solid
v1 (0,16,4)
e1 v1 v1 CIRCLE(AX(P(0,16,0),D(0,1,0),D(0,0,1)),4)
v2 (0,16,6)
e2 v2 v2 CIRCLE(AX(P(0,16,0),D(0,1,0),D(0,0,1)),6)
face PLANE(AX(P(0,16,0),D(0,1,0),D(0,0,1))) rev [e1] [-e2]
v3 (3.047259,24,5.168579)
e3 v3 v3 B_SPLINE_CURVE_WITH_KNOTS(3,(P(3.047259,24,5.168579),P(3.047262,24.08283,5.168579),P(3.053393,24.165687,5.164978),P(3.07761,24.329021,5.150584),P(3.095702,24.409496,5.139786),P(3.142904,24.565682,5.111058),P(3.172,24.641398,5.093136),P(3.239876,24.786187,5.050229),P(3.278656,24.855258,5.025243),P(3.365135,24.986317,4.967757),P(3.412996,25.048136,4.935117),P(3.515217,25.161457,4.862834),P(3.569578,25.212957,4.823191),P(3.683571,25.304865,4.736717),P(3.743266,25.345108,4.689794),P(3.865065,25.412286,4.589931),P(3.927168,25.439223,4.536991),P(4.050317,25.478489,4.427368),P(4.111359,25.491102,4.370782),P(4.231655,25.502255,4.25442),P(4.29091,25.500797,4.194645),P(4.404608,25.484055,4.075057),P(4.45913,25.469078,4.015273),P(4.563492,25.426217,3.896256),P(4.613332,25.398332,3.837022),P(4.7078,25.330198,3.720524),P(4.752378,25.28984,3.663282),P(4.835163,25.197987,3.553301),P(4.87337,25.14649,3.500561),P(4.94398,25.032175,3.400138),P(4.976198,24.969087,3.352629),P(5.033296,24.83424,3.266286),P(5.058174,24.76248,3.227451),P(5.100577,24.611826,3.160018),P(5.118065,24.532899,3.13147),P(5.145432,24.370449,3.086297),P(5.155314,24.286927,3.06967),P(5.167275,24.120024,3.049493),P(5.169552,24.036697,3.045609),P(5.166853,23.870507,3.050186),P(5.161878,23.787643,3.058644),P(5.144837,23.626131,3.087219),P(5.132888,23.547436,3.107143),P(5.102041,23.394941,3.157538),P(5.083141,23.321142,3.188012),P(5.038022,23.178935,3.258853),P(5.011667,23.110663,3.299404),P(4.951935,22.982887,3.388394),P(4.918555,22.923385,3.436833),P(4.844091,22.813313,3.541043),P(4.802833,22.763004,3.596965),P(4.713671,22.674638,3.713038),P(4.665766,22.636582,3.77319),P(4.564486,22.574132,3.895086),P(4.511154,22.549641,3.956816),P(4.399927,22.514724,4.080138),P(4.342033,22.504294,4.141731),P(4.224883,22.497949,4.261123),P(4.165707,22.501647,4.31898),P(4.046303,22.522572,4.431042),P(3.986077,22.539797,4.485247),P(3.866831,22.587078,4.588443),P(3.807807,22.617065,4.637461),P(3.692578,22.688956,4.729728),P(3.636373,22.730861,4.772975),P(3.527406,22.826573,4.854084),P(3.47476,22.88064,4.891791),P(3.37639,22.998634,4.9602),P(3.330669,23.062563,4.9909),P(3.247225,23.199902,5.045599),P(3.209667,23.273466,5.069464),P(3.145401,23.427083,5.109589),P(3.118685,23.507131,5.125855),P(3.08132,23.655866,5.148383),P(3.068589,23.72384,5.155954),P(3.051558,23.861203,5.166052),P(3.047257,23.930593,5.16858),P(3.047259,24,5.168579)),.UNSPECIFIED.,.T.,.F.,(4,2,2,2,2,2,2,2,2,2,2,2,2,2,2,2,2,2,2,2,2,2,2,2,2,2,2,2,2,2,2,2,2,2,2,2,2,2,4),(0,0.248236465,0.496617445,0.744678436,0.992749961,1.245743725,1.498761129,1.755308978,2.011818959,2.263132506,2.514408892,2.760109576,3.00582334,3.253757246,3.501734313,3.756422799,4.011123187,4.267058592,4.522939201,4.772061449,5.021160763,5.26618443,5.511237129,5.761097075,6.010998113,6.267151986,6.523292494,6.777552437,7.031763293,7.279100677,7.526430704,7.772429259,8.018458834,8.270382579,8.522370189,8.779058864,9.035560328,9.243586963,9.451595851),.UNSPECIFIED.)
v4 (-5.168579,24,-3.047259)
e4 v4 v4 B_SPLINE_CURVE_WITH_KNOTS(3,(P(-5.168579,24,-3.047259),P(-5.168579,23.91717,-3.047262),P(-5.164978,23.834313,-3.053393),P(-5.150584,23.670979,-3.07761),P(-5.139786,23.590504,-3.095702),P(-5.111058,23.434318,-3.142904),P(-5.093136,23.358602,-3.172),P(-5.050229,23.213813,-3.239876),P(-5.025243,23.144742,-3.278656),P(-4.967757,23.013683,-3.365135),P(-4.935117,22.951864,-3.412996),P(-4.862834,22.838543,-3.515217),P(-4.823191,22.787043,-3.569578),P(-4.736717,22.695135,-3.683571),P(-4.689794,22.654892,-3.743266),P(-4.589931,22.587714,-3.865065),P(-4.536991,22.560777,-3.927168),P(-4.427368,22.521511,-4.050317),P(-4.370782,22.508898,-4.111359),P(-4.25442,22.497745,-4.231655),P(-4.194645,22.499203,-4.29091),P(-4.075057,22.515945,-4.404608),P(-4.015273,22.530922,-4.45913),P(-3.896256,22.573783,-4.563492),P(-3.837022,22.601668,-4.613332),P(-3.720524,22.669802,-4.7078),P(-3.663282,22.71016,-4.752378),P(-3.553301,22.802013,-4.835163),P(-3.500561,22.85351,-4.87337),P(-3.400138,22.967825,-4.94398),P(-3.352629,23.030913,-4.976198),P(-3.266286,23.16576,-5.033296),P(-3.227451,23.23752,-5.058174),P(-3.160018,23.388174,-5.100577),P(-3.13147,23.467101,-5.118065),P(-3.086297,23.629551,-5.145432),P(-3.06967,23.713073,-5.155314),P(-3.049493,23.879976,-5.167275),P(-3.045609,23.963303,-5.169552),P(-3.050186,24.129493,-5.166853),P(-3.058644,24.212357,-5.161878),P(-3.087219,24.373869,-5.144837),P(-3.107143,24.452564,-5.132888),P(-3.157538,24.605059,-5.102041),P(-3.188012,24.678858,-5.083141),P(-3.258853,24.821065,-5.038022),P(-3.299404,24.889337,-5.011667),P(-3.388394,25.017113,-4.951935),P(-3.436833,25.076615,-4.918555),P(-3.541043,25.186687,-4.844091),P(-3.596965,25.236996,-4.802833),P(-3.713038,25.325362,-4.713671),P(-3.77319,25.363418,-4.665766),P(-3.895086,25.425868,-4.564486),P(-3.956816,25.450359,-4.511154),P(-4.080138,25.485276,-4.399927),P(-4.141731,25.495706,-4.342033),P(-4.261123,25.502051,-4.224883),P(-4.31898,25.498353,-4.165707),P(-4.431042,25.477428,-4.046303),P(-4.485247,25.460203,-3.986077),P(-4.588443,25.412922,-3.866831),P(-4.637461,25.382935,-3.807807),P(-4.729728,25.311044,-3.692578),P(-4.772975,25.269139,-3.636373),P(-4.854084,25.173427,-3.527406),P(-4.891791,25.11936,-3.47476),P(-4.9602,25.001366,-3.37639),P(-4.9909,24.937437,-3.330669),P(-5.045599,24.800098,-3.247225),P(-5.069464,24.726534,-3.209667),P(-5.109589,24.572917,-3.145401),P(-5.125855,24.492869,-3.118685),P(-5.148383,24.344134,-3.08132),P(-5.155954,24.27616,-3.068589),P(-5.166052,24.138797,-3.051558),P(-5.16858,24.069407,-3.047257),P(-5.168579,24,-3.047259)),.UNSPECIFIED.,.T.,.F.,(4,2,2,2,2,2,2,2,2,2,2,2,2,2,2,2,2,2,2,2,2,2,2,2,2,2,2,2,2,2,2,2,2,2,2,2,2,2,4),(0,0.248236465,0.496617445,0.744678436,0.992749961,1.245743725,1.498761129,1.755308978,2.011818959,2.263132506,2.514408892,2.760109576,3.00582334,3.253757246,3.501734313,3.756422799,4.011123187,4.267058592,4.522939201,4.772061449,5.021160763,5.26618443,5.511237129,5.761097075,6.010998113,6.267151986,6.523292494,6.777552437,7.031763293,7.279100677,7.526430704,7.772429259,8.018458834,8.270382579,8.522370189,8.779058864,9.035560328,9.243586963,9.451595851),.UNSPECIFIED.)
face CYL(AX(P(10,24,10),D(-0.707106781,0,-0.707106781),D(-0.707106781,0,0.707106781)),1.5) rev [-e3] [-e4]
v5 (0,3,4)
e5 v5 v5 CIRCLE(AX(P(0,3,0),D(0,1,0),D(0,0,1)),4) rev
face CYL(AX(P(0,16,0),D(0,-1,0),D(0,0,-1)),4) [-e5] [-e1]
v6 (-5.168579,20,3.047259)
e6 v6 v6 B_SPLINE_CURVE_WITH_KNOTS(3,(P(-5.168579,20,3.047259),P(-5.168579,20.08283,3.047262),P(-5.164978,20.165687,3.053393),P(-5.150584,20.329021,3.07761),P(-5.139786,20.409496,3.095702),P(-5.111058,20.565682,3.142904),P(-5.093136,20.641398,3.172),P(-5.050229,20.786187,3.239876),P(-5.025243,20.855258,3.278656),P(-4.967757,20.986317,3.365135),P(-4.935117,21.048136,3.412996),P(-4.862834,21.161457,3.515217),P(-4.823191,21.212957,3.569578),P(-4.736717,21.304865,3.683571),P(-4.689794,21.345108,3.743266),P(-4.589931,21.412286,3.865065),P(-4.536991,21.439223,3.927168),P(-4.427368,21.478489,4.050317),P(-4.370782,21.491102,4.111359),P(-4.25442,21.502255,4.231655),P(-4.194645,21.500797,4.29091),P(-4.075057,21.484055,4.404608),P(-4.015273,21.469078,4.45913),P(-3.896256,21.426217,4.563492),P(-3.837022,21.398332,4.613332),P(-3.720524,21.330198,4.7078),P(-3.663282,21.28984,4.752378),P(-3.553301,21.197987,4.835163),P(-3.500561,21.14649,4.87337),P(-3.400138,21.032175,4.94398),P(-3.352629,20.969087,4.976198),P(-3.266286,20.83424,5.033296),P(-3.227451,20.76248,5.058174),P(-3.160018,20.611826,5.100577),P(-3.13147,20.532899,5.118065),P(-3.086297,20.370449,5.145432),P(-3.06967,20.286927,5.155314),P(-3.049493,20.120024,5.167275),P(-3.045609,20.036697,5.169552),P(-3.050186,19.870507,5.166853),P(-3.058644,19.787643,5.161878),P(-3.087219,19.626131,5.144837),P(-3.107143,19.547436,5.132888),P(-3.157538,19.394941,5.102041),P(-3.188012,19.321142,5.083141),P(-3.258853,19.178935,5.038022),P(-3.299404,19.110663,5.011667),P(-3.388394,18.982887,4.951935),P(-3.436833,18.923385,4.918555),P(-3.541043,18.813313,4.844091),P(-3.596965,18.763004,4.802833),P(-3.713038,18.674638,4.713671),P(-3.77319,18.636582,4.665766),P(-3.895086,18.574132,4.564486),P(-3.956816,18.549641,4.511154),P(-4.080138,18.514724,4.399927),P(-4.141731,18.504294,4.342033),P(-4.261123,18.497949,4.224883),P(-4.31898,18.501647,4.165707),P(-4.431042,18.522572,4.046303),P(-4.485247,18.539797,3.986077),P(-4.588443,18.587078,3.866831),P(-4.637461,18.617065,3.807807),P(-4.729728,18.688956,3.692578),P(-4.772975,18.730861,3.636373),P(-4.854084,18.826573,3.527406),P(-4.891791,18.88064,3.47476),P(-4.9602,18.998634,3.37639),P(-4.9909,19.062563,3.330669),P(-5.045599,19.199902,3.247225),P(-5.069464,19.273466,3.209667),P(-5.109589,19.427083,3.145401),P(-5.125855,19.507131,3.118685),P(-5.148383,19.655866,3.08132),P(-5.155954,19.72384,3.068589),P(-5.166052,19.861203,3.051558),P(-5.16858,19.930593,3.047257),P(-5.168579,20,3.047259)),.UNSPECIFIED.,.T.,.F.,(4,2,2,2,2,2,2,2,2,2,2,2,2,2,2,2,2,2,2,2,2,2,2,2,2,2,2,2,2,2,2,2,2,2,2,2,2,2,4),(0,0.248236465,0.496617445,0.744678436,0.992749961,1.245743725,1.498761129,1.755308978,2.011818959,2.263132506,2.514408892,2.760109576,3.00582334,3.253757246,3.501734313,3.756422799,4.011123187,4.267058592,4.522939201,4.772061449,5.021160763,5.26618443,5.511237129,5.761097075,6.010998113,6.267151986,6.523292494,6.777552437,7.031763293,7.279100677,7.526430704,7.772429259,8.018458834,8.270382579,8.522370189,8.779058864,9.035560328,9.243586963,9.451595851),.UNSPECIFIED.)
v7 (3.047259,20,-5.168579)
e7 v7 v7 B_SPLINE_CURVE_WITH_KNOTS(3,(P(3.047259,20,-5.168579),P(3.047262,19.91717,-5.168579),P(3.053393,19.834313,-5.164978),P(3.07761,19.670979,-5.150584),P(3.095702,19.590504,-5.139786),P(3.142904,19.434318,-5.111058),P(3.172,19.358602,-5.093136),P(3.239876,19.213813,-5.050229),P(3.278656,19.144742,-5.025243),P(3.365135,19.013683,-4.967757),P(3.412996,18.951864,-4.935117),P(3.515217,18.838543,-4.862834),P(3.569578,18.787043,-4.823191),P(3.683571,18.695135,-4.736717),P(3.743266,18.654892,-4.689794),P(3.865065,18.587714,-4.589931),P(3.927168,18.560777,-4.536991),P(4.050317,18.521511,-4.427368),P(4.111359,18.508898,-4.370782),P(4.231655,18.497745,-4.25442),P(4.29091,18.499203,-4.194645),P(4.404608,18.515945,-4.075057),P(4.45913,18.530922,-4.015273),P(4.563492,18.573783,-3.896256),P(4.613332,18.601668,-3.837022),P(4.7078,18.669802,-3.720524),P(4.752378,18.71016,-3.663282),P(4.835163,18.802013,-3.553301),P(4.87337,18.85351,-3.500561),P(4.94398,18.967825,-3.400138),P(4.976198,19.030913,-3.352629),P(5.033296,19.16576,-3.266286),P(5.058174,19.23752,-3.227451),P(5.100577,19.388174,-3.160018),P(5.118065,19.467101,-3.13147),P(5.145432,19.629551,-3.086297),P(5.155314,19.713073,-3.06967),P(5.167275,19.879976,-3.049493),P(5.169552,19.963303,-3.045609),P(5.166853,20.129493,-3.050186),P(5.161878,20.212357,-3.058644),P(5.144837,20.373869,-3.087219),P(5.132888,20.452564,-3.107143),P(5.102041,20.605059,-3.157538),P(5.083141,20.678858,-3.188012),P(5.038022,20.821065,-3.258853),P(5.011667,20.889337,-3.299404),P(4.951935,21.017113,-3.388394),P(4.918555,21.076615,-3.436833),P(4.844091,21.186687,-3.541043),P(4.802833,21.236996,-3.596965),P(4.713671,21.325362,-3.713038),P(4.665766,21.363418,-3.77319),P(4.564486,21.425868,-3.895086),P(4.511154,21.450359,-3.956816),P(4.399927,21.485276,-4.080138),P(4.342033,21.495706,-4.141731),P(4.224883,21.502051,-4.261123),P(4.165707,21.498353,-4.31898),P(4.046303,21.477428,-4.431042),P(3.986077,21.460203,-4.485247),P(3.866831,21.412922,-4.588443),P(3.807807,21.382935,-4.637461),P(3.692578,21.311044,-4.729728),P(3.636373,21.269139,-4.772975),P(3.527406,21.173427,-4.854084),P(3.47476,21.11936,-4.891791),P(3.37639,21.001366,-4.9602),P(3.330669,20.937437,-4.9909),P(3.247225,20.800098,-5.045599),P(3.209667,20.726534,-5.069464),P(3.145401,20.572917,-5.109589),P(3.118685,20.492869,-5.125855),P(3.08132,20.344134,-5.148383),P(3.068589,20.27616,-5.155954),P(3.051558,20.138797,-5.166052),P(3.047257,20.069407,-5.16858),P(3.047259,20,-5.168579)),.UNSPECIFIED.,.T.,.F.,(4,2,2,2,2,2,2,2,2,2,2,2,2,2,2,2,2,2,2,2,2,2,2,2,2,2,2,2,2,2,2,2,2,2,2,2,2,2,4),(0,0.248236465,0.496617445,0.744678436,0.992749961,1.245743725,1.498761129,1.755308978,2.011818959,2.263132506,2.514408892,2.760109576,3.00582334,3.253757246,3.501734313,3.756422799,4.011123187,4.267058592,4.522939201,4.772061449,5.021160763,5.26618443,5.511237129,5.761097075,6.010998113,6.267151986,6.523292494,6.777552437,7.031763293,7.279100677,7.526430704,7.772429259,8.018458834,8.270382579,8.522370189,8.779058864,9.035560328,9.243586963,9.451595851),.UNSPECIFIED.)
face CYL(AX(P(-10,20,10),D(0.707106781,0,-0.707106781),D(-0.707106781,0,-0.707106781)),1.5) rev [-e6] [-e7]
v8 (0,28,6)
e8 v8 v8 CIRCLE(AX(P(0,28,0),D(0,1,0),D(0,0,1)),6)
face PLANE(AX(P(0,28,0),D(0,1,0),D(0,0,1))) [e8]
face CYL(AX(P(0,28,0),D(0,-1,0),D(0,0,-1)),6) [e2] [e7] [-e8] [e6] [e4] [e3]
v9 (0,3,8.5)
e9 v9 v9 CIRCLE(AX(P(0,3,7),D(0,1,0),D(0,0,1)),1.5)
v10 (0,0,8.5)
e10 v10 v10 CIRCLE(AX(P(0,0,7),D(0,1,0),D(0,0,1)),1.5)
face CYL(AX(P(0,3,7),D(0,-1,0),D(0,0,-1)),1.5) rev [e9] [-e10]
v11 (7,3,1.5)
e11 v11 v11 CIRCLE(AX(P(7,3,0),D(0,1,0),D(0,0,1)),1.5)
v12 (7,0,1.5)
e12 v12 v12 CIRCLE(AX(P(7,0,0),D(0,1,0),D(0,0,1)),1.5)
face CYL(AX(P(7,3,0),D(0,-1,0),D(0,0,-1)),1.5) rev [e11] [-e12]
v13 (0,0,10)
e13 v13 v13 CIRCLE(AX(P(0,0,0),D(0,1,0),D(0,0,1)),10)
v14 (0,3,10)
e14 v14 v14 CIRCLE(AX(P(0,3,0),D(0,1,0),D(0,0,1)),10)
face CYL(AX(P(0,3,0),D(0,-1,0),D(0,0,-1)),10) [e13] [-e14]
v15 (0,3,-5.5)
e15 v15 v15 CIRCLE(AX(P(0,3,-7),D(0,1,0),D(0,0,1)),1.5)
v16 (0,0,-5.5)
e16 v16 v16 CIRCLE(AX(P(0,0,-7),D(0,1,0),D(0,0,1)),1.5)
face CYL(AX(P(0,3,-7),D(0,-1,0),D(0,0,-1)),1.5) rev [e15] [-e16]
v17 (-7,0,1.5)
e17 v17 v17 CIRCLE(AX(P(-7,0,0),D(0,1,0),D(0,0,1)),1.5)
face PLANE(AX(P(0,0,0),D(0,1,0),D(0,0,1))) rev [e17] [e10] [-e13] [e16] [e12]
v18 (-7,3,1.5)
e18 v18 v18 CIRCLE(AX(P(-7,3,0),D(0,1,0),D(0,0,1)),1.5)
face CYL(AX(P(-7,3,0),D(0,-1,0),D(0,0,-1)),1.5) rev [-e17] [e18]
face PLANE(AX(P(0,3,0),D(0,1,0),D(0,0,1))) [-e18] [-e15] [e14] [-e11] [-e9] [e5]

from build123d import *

# Parameters (mm, degrees)
SKETCH_1_R               = 10
SKETCH_1_R_2             = 3
SKETCH_1_R_3             = 1.5
EXTRUDE_1_DEPTH          = 3
SKETCH_2_R               = 4
EXTRUDE_2_DEPTH          = 16
SKETCH_6_R               = 6
EXTRUDE_3_DEPTH          = 12
CUT_EXTRUDE_1_DEPTH      = 32.368774283
CUT_EXTRUDE_1_DEPTH_BACK = 32.368774283
SKETCH_5_R               = 1.5
CUT_EXTRUDE_3_DEPTH      = 32.368774372
CUT_EXTRUDE_3_DEPTH_BACK = 32.368774372
SKETCH_7_R               = 1.5


with BuildPart() as part:
    # 草图1 → 凸台-拉伸1 (new body)
    with BuildSketch(Plane(origin=(0, 0, 0), x_dir=(1, 0, 0), z_dir=(0, 1, 0))):
        Circle(SKETCH_1_R)
        Circle(SKETCH_1_R_2, mode=Mode.SUBTRACT)
        with Locations((0, 7)):
            Circle(SKETCH_1_R_3, mode=Mode.SUBTRACT)
        with Locations((7, 0)):
            Circle(SKETCH_1_R_3, mode=Mode.SUBTRACT)
        with Locations((0, -7)):
            Circle(SKETCH_1_R_3, mode=Mode.SUBTRACT)
        with Locations((-7, 0)):
            Circle(SKETCH_1_R_3, mode=Mode.SUBTRACT)
    extrude(amount=EXTRUDE_1_DEPTH)

    # 草图2 → 凸台-拉伸2 (add)
    with BuildSketch(Plane(origin=(0, 0, 0), x_dir=(1, 0, 0), z_dir=(0, 1, 0))):
        Circle(SKETCH_2_R)
    extrude(amount=EXTRUDE_2_DEPTH)

    # 草图6 → 凸台-拉伸3 (add)
    with BuildSketch(Plane(origin=(0, 16, 0), x_dir=(1, 0, 0), z_dir=(0, 1, 0))):
        Circle(SKETCH_6_R)
    extrude(amount=EXTRUDE_3_DEPTH)

    # 草图5 → 切除-拉伸1 (cut, two sides: drawn at the far end of the back side and taken through both)
    with BuildSketch(Plane(origin=(0, 0, 0), x_dir=(0, 1, 0), z_dir=(0.7071067811865438, 0, -0.7071067811865512)).offset(-CUT_EXTRUDE_1_DEPTH_BACK)):
        with Locations((20, 0)):
            Circle(SKETCH_5_R)
    extrude(amount=CUT_EXTRUDE_1_DEPTH + CUT_EXTRUDE_1_DEPTH_BACK, mode=Mode.SUBTRACT)

    # 草图7 → 切除-拉伸3 (cut, two sides: drawn at the far end of the back side and taken through both)
    with BuildSketch(Plane(origin=(0, 0, 0), x_dir=(0, 1, 0), z_dir=(-0.7071067811865537, 0, -0.7071067811865414)).offset(-CUT_EXTRUDE_3_DEPTH_BACK)):
        with Locations((24, 0)):
            Circle(SKETCH_7_R)
    extrude(amount=CUT_EXTRUDE_3_DEPTH + CUT_EXTRUDE_3_DEPTH_BACK, mode=Mode.SUBTRACT)


solid = part.part
